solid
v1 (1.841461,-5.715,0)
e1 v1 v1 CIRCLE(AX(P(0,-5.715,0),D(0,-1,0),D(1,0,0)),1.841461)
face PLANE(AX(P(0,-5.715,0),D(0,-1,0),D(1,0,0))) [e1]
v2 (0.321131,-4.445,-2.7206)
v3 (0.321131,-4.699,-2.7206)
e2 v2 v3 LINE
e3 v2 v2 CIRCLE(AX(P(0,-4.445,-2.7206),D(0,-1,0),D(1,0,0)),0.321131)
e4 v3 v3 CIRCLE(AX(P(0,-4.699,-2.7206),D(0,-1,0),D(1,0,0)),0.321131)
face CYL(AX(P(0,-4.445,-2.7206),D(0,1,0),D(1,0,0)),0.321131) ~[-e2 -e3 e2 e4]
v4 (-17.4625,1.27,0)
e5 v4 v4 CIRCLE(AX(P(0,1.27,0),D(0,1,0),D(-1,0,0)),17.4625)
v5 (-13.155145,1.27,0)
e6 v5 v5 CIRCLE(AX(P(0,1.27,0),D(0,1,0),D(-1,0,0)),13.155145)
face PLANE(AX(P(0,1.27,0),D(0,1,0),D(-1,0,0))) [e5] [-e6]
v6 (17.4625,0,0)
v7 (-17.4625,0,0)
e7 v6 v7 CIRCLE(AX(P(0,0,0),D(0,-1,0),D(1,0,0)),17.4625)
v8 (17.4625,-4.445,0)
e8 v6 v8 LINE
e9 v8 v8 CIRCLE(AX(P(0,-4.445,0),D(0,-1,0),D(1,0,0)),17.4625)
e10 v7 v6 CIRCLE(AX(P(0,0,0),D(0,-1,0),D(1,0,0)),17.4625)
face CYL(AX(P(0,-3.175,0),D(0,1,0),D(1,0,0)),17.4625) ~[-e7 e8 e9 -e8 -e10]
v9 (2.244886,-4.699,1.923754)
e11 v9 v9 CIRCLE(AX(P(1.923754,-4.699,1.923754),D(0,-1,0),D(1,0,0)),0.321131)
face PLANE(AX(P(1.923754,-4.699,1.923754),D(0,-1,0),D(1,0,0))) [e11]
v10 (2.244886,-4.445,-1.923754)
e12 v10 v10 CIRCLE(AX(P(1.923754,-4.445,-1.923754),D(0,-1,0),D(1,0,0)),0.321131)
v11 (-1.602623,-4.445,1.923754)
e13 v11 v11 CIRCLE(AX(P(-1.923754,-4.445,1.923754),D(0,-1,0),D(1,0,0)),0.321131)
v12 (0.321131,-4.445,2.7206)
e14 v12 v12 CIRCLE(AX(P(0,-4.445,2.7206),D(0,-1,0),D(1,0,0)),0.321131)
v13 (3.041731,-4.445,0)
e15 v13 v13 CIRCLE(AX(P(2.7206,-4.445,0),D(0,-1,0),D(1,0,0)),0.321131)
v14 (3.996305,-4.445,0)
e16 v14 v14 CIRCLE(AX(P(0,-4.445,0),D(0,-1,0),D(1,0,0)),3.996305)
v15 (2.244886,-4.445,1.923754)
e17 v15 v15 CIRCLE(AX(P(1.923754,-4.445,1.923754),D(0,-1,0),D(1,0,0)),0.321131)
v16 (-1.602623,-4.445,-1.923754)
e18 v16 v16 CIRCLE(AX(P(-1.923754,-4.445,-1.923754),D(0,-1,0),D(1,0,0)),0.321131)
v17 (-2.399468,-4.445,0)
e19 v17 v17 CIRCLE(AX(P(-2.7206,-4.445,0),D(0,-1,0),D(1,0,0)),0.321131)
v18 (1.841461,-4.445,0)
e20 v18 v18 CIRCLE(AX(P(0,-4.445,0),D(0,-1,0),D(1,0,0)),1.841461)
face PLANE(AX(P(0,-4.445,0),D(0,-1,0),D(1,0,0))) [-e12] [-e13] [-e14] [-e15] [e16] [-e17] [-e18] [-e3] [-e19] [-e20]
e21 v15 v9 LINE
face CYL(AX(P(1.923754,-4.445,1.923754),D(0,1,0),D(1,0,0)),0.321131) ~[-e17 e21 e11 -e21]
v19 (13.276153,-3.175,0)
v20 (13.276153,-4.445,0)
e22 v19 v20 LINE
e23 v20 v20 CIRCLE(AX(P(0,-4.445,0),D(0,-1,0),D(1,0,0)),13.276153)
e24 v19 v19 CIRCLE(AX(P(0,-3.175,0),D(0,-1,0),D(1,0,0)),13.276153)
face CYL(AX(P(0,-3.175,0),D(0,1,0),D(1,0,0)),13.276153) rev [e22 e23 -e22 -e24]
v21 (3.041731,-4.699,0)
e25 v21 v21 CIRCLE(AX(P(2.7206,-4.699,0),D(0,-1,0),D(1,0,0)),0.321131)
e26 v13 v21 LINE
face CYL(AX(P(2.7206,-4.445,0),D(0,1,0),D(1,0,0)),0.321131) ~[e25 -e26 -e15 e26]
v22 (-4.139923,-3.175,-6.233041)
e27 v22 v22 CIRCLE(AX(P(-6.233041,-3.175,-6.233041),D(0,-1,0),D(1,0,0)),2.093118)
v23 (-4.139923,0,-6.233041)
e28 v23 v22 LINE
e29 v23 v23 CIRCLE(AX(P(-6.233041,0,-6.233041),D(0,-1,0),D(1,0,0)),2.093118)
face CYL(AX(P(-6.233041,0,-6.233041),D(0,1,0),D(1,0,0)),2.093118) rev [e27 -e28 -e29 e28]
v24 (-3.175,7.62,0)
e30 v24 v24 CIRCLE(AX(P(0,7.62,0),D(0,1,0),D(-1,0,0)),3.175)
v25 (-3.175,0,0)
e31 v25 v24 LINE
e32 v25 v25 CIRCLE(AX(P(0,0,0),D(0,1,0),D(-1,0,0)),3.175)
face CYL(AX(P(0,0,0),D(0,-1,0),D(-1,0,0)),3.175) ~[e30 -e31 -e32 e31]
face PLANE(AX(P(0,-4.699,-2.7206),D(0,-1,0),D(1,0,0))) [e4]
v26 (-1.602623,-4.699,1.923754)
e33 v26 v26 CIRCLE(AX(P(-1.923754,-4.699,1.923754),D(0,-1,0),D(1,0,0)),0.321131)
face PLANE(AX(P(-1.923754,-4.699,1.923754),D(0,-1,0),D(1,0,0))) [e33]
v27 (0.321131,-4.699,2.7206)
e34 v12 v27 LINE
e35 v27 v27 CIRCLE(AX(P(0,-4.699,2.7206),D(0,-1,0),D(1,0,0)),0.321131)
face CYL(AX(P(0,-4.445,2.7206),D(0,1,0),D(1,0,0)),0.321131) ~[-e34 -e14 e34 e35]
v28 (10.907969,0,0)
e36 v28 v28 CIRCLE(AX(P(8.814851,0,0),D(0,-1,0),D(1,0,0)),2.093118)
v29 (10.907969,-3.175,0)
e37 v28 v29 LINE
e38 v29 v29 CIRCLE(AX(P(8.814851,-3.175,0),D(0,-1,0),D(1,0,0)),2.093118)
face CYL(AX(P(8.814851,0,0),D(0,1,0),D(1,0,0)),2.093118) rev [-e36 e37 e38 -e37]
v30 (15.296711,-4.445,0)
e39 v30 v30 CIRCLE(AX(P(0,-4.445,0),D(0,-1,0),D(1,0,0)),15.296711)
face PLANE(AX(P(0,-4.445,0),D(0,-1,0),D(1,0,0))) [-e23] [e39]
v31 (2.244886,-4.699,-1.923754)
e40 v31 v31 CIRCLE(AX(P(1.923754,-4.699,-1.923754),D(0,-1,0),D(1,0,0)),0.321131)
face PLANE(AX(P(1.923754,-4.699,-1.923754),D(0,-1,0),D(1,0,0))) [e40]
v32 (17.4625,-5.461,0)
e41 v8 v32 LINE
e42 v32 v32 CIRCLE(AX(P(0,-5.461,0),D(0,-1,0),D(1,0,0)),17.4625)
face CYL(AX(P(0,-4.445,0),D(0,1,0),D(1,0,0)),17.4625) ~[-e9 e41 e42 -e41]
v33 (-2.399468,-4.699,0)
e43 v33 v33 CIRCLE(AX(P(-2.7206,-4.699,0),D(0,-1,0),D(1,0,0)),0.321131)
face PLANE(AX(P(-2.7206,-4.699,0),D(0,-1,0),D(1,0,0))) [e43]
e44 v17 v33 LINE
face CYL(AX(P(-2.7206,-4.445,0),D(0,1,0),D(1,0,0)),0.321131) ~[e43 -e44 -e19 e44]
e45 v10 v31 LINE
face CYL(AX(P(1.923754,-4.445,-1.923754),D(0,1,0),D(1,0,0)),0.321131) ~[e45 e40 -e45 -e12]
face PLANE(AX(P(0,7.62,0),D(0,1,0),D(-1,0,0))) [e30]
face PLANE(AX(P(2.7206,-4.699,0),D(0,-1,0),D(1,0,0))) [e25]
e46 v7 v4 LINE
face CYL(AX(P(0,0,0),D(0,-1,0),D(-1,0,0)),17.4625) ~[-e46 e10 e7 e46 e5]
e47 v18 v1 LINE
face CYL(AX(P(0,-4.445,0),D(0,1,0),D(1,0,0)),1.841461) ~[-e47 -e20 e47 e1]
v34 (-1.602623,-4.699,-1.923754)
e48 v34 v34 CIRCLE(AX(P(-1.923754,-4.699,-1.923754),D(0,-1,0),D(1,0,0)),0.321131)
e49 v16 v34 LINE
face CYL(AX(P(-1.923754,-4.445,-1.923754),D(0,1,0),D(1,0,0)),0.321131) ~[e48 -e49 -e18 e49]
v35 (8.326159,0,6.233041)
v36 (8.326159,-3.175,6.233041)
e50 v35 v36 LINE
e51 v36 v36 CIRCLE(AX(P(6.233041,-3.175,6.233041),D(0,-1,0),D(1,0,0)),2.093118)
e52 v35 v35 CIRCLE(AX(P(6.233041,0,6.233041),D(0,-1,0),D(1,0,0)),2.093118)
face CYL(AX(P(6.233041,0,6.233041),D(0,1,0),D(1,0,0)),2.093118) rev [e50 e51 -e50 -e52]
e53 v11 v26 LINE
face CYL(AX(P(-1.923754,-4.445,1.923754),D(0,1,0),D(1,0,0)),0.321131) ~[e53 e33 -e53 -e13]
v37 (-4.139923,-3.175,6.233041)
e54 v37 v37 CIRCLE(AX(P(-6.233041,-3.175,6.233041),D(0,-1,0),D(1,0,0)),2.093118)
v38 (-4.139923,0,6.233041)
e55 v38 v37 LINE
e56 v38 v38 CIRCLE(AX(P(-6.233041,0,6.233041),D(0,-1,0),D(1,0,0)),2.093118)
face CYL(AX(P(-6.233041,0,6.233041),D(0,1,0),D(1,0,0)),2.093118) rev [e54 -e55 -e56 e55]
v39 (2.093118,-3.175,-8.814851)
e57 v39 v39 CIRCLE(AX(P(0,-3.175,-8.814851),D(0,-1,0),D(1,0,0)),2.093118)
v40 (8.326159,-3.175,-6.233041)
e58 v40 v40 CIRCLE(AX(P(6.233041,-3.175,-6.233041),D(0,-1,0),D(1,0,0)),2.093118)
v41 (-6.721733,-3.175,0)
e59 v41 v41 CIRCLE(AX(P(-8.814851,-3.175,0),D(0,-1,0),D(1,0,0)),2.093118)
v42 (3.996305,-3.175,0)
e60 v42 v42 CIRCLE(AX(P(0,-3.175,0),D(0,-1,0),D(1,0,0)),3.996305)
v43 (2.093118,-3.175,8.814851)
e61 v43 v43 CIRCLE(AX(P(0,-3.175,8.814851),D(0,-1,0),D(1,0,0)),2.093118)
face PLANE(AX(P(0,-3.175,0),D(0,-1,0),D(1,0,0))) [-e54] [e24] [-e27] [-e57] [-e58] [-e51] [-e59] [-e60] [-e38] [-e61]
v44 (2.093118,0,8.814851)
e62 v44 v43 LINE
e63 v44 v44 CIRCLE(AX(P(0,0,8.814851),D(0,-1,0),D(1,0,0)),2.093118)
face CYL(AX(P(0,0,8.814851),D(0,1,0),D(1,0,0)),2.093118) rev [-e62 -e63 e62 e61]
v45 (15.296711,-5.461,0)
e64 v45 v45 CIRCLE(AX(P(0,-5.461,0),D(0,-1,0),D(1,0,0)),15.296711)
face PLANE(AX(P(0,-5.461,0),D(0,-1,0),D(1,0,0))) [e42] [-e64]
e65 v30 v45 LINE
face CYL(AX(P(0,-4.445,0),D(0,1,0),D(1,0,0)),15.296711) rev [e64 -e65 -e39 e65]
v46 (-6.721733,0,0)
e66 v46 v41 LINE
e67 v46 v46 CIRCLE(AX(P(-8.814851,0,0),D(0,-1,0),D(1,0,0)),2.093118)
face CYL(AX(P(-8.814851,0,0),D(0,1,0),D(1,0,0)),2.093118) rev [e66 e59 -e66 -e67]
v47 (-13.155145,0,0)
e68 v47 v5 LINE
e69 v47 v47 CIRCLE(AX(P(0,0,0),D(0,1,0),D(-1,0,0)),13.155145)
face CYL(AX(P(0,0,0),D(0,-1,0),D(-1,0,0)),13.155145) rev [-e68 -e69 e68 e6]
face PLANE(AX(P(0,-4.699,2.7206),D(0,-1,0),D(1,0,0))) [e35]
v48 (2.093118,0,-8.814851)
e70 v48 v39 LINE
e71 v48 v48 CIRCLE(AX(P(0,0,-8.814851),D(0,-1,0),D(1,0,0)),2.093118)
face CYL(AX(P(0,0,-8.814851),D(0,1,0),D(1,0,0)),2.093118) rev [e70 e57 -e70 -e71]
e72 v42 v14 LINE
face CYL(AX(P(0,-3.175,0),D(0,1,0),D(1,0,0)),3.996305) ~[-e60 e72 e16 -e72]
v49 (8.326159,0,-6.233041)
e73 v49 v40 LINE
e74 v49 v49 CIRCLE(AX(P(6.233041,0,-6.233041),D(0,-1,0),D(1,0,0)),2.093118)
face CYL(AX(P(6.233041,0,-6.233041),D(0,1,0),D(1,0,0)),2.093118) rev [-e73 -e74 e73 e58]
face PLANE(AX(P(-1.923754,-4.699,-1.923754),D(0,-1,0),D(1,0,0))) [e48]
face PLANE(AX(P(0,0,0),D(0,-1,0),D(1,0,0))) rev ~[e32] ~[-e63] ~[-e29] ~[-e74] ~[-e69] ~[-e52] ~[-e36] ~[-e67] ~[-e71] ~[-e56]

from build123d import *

# Parameters (mm, degrees)
F0_R      = 17.4625
F0_R_2    = 12.7
F0_R_3    = 2.0931181944
F0_R_4    = 5.588
F0_R_5    = 2.413
F1_DEPTH  = 3.175
F2_R      = 3.9963045726
F2_R_2    = 1.9205832971
F3_DEPTH  = 1.27
F4_R      = 1.8414609102
F5_DEPTH  = 1.27
F6_R      = 3.175
F7_DEPTH  = 7.62
F8_R      = 0.3211313055
F9_DEPTH  = 0.254
F10_R     = 17.4625
F10_R_2   = 13.2761533165
F11_DEPTH = 1.27
F12_R     = 17.4625
F12_R_2   = 13.1551445167
F13_DEPTH = 1.27
F14_R     = 17.4625
F14_R_2   = 15.2967108996
F15_DEPTH = 1.016


with BuildPart() as f1:
    # F0 (on Front) → F1 (new body)
    with BuildSketch(Plane.XZ):
        Circle(F0_R)
        Circle(F0_R_2, mode=Mode.SUBTRACT)
        Circle(F0_R_2)
        with Locations((-6.2330407914, -6.2330407914)):
            Circle(F0_R_3, mode=Mode.SUBTRACT)
        with Locations((0, -8.8148508221)):
            Circle(F0_R_3, mode=Mode.SUBTRACT)
        with Locations((6.2330407914, -6.2330407914)):
            Circle(F0_R_3, mode=Mode.SUBTRACT)
        with Locations((-8.8148508221, 0)):
            Circle(F0_R_3, mode=Mode.SUBTRACT)
        with Locations((-6.2330407914, 6.2330407914)):
            Circle(F0_R_3, mode=Mode.SUBTRACT)
        Circle(F0_R_4, mode=Mode.SUBTRACT)
        with Locations((6.2330407914, 6.2330407914)):
            Circle(F0_R_3, mode=Mode.SUBTRACT)
        with Locations((8.8148508221, 0)):
            Circle(F0_R_3, mode=Mode.SUBTRACT)
        with Locations((0, 8.8148508221)):
            Circle(F0_R_3, mode=Mode.SUBTRACT)
        Circle(F0_R_4)
        Circle(F0_R_5, mode=Mode.SUBTRACT)
        Circle(F0_R_5)
    extrude(amount=F1_DEPTH)

    # F2 (on face) → F3 (join)
    with BuildSketch(Plane.XZ.offset(3.175)):
        Circle(F2_R)
        Circle(F2_R_2, mode=Mode.SUBTRACT)
        Circle(F2_R_2)
    extrude(amount=F3_DEPTH)

    # F4 (on face) → F5 (join)
    with BuildSketch(Plane.XZ.offset(4.445)):
        Circle(F4_R)
    extrude(amount=F5_DEPTH)

    # F6 (on face) → F7 (join)
    with BuildSketch(Plane(origin=(0, 0, 0), x_dir=(-1, 0, 0), z_dir=(0, 1, 0))):
        Circle(F6_R)
    extrude(amount=F7_DEPTH)

    # F8 (on face) → F9 (join)
    with BuildSketch(Plane.XZ.offset(4.445)):
        with Locations((0, 2.7205995284)):
            Circle(F8_R)
        with Locations((-1.9237543754, 1.9237543754)):
            Circle(F8_R)
        with Locations((-2.7205995284, 0)):
            Circle(F8_R)
        with Locations((-1.9237543754, -1.9237543754)):
            Circle(F8_R)
        with Locations((0, -2.7205995284)):
            Circle(F8_R)
        with Locations((1.9237543754, -1.9237543754)):
            Circle(F8_R)
        with Locations((2.7205995284, 0)):
            Circle(F8_R)
        with Locations((1.9237543754, 1.9237543754)):
            Circle(F8_R)
    extrude(amount=F9_DEPTH)

    # F10 (on face) → F11 (join)
    with BuildSketch(Plane.XZ.offset(3.175)):
        Circle(F10_R)
        Circle(F10_R_2, mode=Mode.SUBTRACT)
    extrude(amount=F11_DEPTH)

    # F12 (on face) → F13 (join)
    with BuildSketch(Plane(origin=(0, 0, 0), x_dir=(-1, 0, 0), z_dir=(0, 1, 0))):
        Circle(F12_R)
        Circle(F12_R_2, mode=Mode.SUBTRACT)
    extrude(amount=F13_DEPTH)

    # F14 (on face) → F15 (join)
    with BuildSketch(Plane.XZ.offset(4.445)):
        Circle(F14_R)
        Circle(F14_R_2, mode=Mode.SUBTRACT)
    extrude(amount=F15_DEPTH)


solid = f1.part
